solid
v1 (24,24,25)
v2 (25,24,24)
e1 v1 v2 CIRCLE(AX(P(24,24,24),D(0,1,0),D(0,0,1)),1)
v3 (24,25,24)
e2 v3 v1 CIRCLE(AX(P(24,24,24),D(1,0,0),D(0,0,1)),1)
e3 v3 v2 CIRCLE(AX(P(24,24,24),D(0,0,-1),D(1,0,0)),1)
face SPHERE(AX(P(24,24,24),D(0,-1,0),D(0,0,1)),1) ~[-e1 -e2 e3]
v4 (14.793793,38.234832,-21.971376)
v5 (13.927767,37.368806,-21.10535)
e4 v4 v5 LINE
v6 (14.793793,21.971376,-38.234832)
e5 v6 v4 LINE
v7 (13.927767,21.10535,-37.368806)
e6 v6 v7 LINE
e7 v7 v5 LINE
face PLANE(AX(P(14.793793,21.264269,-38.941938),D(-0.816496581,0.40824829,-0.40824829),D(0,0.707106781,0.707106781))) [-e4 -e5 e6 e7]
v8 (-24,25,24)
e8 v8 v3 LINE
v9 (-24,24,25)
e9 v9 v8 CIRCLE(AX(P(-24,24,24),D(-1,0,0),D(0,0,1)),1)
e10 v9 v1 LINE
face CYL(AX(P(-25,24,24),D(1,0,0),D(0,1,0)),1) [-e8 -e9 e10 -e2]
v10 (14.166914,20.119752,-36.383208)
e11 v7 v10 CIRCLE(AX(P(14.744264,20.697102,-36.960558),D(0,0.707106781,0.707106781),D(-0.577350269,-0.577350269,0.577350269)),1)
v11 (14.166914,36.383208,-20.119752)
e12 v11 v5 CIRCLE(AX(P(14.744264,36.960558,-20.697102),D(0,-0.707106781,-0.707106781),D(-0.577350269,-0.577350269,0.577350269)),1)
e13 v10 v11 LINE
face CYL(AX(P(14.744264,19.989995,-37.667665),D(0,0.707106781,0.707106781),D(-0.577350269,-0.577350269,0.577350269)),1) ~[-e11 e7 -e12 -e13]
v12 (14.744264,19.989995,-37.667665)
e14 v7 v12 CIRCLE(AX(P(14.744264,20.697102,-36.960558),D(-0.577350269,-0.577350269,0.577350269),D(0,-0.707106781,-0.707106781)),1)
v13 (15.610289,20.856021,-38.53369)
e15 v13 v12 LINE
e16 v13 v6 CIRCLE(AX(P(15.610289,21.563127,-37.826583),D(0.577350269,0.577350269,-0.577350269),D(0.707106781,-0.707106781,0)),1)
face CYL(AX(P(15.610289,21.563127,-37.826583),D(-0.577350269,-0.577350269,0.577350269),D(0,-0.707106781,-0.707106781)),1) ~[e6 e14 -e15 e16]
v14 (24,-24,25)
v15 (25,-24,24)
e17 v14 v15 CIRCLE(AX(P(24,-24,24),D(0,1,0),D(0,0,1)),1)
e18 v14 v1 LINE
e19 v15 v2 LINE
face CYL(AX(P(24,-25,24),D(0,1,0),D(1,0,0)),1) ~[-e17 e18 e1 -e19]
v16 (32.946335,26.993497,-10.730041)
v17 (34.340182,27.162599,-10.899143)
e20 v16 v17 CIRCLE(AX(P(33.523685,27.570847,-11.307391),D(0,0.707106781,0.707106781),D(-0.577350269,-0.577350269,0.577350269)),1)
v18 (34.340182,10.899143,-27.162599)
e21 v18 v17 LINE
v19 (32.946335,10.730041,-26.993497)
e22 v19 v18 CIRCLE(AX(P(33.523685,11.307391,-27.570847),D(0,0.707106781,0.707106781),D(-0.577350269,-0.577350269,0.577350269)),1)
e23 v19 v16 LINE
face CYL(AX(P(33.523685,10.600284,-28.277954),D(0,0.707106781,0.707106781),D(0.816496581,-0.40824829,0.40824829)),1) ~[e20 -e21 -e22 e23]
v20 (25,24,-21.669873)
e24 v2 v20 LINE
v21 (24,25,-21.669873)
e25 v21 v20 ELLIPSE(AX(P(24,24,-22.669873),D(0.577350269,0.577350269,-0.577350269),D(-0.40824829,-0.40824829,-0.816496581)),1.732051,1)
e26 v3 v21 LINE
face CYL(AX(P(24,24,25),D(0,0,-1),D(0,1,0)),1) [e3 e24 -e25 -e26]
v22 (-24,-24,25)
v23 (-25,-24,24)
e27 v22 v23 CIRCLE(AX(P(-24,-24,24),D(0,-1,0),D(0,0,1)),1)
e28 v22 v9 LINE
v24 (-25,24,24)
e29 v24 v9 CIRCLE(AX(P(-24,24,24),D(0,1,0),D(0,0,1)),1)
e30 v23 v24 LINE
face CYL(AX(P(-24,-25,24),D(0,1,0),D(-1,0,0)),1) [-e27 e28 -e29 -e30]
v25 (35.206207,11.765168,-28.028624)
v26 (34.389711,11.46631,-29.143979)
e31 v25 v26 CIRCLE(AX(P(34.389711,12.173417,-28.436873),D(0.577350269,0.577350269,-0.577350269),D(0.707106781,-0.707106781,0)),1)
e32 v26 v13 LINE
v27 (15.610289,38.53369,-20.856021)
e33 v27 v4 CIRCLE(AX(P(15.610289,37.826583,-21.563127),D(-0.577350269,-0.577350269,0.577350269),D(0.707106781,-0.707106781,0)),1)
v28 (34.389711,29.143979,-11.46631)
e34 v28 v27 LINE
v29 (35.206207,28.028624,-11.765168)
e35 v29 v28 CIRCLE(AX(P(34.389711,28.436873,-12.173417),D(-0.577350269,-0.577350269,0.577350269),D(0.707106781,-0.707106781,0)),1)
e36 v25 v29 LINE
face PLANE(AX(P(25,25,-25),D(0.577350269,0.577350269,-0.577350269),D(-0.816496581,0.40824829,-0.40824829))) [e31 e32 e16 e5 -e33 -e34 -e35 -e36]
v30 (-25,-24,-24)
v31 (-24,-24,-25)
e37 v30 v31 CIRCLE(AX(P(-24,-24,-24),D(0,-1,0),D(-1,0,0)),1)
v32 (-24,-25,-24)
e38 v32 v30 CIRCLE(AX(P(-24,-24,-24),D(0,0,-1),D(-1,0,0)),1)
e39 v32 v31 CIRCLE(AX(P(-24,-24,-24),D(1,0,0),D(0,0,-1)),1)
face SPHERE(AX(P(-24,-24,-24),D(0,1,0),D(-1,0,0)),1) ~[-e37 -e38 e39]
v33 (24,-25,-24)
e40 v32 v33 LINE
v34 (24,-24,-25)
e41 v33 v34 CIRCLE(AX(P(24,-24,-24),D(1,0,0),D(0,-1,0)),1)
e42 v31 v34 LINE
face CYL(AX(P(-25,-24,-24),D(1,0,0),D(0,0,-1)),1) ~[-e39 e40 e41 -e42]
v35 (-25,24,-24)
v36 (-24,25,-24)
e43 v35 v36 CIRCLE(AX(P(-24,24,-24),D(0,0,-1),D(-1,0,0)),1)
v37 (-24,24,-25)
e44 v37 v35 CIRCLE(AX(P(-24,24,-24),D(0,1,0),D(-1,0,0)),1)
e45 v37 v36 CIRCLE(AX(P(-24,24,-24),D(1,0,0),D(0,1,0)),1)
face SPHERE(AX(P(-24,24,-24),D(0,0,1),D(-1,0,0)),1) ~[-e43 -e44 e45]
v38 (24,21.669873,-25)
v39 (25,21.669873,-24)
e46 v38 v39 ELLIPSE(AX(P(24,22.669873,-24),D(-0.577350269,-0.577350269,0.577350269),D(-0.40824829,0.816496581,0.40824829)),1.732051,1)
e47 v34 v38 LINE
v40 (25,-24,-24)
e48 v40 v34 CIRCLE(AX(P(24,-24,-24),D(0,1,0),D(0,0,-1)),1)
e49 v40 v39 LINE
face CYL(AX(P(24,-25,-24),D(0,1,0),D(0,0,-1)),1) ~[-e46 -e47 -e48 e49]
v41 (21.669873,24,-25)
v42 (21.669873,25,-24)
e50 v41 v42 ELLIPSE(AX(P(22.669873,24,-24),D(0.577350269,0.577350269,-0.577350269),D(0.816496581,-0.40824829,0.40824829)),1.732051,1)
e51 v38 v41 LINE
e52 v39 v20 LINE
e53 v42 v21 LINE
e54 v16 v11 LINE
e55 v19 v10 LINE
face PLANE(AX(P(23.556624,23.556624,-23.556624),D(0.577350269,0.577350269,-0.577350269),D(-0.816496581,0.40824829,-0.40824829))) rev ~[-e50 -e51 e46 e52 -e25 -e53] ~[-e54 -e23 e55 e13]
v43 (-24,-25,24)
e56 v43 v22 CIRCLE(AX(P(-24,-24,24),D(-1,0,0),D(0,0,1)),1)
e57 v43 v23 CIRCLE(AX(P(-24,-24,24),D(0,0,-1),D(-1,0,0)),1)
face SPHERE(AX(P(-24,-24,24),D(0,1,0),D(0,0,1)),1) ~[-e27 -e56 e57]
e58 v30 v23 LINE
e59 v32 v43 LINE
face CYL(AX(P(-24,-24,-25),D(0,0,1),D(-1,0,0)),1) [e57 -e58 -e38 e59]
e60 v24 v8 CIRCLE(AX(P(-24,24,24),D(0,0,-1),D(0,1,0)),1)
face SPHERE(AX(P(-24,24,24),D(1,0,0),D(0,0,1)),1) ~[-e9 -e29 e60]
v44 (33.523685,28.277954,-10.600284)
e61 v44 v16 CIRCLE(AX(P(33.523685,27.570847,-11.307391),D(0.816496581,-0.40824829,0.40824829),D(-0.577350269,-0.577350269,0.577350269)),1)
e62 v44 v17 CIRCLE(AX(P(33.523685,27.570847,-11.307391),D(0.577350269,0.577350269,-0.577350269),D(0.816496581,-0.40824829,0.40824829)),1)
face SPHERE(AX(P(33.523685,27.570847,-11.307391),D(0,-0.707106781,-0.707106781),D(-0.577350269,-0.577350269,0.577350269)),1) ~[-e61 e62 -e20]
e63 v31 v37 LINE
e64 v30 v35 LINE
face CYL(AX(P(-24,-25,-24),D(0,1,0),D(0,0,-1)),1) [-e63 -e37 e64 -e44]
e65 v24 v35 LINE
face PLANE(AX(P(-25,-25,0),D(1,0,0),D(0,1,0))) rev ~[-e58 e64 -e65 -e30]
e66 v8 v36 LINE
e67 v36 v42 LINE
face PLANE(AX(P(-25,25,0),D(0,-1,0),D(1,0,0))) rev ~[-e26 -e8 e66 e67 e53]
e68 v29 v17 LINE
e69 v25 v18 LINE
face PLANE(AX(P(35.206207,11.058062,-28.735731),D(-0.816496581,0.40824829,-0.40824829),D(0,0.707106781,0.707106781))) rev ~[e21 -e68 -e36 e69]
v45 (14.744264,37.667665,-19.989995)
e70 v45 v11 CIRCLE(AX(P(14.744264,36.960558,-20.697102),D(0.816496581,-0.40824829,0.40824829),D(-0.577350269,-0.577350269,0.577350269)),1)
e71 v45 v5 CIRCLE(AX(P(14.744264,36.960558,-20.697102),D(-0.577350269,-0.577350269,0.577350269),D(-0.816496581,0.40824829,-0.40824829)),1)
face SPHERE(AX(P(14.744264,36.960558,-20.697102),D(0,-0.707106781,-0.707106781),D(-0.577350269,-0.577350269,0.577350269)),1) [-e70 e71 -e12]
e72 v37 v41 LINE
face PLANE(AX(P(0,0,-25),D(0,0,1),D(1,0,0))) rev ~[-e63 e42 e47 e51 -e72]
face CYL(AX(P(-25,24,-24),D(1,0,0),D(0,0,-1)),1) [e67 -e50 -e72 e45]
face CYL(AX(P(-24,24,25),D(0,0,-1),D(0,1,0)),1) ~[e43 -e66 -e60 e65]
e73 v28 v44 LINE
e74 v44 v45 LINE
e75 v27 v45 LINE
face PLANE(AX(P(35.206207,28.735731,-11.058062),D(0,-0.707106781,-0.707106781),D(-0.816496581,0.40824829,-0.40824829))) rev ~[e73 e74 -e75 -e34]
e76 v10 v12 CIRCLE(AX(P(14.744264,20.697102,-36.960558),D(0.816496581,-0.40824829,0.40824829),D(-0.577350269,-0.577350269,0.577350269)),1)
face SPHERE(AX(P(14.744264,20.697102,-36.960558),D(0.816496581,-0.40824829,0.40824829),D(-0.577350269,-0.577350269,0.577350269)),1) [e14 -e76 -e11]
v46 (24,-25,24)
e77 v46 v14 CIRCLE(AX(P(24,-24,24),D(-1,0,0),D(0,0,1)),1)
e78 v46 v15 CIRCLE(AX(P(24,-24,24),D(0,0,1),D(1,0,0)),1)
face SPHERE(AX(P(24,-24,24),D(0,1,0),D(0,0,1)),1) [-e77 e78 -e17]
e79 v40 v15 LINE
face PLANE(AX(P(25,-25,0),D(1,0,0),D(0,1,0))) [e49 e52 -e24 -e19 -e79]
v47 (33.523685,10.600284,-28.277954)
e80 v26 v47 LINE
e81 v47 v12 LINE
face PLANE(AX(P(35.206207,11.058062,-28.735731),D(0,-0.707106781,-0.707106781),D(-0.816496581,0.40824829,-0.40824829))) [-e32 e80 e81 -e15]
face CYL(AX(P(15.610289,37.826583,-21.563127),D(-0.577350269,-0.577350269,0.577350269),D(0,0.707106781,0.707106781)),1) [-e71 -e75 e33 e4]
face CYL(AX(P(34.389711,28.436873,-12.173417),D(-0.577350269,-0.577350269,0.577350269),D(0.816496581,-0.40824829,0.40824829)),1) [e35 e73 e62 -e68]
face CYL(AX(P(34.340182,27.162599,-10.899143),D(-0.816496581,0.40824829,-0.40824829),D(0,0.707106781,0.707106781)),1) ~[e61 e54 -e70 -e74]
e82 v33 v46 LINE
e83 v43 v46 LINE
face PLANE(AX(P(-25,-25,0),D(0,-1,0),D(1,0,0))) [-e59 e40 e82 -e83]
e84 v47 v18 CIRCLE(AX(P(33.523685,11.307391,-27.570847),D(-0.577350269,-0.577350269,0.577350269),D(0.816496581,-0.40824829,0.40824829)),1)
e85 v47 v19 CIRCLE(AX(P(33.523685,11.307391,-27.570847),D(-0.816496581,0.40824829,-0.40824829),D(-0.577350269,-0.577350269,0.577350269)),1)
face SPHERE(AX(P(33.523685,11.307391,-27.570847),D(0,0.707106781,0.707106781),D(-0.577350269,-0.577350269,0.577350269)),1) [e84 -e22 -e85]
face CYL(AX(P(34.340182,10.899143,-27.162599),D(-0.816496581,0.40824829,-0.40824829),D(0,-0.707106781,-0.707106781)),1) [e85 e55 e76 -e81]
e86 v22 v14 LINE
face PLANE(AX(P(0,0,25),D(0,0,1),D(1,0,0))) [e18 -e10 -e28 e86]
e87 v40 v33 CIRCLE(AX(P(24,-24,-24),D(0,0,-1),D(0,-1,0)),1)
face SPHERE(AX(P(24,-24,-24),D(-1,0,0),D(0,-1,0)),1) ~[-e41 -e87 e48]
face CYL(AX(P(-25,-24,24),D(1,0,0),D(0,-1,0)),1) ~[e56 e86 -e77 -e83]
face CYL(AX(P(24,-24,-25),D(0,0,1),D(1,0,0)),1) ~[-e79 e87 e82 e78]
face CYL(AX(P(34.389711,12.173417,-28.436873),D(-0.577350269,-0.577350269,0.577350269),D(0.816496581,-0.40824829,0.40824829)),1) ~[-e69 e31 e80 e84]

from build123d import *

# Parameters (mm, degrees)
F0_W     = 50
F0_H     = 50
F1_DEPTH = 25
F4_W     = 25
F4_H     = 25
F5_DEPTH = 2.5
F6_R     = 1


with BuildPart() as f1:
    # F0 (on Top) → F1 (new body, symmetric)
    with BuildSketch(Plane.XY):
        Rectangle(F0_W, F0_H)
    extrude(amount=F1_DEPTH, both=True)

    # F4 (on plane+point) → F5 (join)
    with BuildSketch(Plane(origin=(25, 25, -25), x_dir=(-0.8164965809, 0.4082482905, -0.4082482905), z_dir=(0.5773502692, 0.5773502692, -0.5773502692))):
        Rectangle(F4_W, F4_H)
    extrude(amount=-F5_DEPTH)

    # F6
    f6_edges = [f1.edges().sort_by_distance(p)[0] for p in [
        (25, 0, 25),
        (0, 25, 25),
        (-25, 0, 25),
        (0, -25, 25),
        (-25, 25, 0),
        (-25, 0, -25),
        (-25, -25, 0),
        (0, -25, -25),
        (25, -25, 0),
        (-2.165064, 25, -25),
        (25, -2.165064, -25),
        (25, 25, 2.165064),
        (33.762832, 18.453521, -18.453521),
        (23.556624, 14.71779, -32.395459),
        (13.350417, 28.659728, -28.659728),
        (23.556624, 32.395459, -14.71779),
        (34.484519, 28.014043, -10.336374),
        (14.072105, 38.220251, -20.542581),
        (34.484519, 10.336374, -28.014043),
        (14.072105, 20.542581, -38.220251),
    ]]
    fillet(f6_edges, radius=F6_R)


solid = f1.part
